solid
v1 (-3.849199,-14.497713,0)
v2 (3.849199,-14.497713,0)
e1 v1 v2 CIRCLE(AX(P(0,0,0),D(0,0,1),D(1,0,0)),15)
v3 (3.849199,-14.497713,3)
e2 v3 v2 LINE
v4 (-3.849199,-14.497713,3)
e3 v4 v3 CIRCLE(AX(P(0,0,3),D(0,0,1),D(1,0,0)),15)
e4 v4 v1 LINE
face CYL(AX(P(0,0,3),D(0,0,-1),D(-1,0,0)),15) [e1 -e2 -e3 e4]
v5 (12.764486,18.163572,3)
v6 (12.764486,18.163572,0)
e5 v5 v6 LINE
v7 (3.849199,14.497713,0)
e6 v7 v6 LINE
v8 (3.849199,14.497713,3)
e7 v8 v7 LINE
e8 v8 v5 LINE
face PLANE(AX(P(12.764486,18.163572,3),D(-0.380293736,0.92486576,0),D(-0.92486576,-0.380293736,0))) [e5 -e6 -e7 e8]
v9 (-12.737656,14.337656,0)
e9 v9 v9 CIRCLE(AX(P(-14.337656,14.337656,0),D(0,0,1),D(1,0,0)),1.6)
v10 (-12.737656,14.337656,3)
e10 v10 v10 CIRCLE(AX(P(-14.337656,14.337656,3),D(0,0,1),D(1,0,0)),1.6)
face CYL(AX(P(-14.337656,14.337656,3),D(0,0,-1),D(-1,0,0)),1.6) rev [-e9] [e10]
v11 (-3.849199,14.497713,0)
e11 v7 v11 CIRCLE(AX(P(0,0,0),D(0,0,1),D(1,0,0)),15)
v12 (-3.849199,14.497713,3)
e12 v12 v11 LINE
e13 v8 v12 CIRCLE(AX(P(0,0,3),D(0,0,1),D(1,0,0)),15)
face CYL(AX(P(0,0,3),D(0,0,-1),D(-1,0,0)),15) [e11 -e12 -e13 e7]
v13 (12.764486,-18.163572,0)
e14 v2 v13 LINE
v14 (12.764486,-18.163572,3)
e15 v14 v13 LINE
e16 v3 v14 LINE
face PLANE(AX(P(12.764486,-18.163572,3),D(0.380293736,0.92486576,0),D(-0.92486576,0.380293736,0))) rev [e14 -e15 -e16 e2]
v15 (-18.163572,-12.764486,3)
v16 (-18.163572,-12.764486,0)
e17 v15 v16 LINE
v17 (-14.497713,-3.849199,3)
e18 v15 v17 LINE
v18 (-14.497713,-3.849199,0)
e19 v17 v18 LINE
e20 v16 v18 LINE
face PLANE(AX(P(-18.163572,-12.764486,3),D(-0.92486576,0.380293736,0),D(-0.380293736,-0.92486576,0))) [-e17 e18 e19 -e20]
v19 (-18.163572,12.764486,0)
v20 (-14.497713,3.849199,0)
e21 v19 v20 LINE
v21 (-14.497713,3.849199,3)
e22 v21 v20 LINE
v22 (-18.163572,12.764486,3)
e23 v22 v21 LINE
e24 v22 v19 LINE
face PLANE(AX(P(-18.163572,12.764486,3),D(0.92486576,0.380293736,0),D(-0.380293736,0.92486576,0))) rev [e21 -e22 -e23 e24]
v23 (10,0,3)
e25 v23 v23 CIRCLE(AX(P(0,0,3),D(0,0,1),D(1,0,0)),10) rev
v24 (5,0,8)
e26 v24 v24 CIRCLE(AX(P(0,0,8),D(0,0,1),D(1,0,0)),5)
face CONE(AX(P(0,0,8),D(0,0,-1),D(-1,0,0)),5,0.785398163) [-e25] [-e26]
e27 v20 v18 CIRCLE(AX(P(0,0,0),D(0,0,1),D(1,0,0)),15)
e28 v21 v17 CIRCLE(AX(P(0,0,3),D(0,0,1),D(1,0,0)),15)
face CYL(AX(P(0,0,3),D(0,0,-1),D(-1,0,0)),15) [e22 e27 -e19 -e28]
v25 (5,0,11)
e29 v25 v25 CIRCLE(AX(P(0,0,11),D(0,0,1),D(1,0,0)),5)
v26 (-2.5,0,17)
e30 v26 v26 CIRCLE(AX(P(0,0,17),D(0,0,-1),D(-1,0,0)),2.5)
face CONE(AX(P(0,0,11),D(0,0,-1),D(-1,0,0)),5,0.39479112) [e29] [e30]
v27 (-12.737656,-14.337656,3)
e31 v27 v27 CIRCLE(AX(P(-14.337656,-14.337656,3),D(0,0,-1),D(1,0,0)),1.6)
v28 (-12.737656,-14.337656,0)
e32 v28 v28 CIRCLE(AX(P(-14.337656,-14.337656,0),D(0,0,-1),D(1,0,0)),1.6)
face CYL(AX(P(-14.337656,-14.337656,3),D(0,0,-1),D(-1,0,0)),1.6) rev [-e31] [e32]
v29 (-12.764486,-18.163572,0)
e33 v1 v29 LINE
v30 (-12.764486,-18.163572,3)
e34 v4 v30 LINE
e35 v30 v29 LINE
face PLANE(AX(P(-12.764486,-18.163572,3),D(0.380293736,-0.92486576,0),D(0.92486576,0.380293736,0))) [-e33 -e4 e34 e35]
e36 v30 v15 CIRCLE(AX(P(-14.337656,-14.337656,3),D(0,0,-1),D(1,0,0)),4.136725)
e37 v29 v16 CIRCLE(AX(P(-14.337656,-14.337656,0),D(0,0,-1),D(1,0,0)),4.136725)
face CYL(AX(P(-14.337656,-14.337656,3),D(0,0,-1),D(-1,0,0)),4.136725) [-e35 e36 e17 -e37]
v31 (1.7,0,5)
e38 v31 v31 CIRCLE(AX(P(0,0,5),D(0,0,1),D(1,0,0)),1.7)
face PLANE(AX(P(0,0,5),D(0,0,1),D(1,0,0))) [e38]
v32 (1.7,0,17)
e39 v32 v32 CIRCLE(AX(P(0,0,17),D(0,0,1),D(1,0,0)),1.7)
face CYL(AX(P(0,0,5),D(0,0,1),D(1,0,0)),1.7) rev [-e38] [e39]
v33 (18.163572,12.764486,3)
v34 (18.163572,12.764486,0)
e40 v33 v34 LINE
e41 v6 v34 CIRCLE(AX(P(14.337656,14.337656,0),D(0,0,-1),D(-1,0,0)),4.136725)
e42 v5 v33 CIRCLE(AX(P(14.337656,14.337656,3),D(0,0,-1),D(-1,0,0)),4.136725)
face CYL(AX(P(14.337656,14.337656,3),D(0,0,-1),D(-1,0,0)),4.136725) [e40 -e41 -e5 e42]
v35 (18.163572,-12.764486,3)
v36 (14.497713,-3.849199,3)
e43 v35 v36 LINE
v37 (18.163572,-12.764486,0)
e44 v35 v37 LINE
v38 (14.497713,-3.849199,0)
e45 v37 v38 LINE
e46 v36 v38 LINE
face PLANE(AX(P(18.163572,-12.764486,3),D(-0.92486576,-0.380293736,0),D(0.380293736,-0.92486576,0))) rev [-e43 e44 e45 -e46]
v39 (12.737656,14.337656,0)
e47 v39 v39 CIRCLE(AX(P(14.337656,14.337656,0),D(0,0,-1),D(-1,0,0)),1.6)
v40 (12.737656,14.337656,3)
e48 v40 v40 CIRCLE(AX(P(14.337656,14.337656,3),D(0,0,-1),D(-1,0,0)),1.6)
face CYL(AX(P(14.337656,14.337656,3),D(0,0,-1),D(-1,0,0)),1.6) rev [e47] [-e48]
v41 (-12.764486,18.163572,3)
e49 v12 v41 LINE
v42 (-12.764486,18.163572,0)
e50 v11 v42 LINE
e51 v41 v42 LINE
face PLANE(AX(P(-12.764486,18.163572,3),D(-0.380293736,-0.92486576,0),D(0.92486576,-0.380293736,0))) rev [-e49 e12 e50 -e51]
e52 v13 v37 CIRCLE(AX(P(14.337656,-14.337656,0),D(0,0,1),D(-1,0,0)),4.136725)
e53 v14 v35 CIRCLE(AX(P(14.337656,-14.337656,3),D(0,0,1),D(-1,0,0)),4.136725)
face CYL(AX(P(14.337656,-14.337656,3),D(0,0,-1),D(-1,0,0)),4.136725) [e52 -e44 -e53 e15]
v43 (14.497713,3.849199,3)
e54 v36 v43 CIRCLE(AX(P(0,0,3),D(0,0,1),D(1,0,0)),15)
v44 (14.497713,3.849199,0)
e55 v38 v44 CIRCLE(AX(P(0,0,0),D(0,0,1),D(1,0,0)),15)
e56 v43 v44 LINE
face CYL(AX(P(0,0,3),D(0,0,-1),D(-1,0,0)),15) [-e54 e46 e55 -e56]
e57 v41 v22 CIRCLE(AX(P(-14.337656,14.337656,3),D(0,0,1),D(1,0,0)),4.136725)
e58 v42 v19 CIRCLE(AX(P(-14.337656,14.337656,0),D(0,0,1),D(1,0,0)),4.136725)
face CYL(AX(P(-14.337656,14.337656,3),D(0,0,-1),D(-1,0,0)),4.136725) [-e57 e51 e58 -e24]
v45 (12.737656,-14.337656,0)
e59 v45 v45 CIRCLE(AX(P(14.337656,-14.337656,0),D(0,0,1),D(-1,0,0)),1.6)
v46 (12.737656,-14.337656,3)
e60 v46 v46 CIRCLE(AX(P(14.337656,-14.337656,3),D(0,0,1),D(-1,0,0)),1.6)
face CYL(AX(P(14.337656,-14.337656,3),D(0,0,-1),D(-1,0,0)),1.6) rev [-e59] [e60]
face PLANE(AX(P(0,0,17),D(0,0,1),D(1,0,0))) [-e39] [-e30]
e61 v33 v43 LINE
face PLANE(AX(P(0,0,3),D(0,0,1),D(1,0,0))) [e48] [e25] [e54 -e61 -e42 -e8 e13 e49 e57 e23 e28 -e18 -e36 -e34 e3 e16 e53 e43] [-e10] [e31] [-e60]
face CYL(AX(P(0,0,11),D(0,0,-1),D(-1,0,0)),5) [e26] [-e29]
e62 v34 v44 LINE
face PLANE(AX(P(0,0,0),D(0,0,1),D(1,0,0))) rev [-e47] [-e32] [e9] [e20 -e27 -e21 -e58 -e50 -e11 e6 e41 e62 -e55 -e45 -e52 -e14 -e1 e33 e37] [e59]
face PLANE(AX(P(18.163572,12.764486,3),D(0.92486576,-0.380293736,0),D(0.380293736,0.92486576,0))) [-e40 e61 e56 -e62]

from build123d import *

# Parameters (mm, degrees)
SKETCH1_R               = 15
BOSS_EXTRUDE1_DEPTH     = 3
BOSS_EXTRUDE2_START     = -1.5
SKETCH2_R               = 1.6
BOSS_EXTRUDE2_DEPTH     = 1.5
MIRROR2_START           = -1.5
MIRROR2_COPY_1_SKETCH_R = 1.6
MIRROR2_COPY_1_DEPTH    = 1.5
SKETCH3_R               = 5
BOSS_EXTRUDE3_DEPTH     = 8
CHAMFER1_SIZE           = 5
SKETCH5_R               = 1.7
CUT_EXTRUDE1_DEPTH      = 12


with BuildPart() as part:
    # Sketch1 → Boss-Extrude1 (new body)
    with BuildSketch(Plane.XY):
        Circle(SKETCH1_R)
    extrude(amount=BOSS_EXTRUDE1_DEPTH)

    # Sketch2 → Boss-Extrude2 (add, symmetric)
    with BuildSketch(Plane.XY.offset(3).offset(BOSS_EXTRUDE2_START)):
        with BuildLine():
            Line((-18.163571809, 12.764485711), (-14.497712513, 3.849198865))
            ThreePointArc((-14.497712513, 3.849198865), (-10.606601718, 10.606601718), (-3.849198865, 14.497712513))
            Line((-3.849198865, 14.497712513), (-12.764485711, 18.163571809))
            ThreePointArc((-12.764485711, 18.163571809), (-17.262762767, 17.262762767), (-18.163571809, 12.764485711))
        make_face()
        with Locations((-14.33765637, 14.33765637)):
            Circle(SKETCH2_R, mode=Mode.SUBTRACT)
    boss_extrude2 = extrude(amount=BOSS_EXTRUDE2_DEPTH, both=True)

    # Mirror1: Boss-Extrude2 across plane
    add(boss_extrude2.mirror(Plane(origin=(0, 0, 0), x_dir=(0, 0, 1), z_dir=(1, 0, 0))))

    # Mirror2: Boss-Extrude2 across plane
    add(boss_extrude2.mirror(Plane.ZX))

    # Mirror2 copy 1 sketch → Mirror2 copy 1 (add, symmetric)
    with BuildSketch(Plane(origin=(0, 0, 3), x_dir=(-1, 0, 0), z_dir=(0, 0, 1)).offset(MIRROR2_START)):
        with BuildLine():
            Line((-18.163571809, 12.764485711), (-14.497712513, 3.849198865))
            ThreePointArc((-14.497712513, 3.849198865), (-10.606601718, 10.606601718), (-3.849198865, 14.497712513))
            Line((-3.849198865, 14.497712513), (-12.764485711, 18.163571809))
            ThreePointArc((-12.764485711, 18.163571809), (-17.262762767, 17.262762767), (-18.163571809, 12.764485711))
        make_face()
        with Locations((-14.33765637, 14.33765637)):
            Circle(MIRROR2_COPY_1_SKETCH_R, mode=Mode.SUBTRACT)
    extrude(amount=MIRROR2_COPY_1_DEPTH, both=True)

    # Sketch3 → Boss-Extrude3 (add)
    with BuildSketch(Plane.XY.offset(3)):
        Circle(SKETCH3_R)
    extrude(amount=BOSS_EXTRUDE3_DEPTH)

    # Sketch4 → Revolve1 (revolve)
    with BuildSketch(Plane(origin=(0, 0, 0), x_dir=(1, 0, 0), z_dir=(0, 1, 0))):
        Polygon((0, -11), (-5, -11), (-2.5, -17), (0, -17), align=None)
    revolve(axis=Axis((0, 0, 11), (0, 0, 1)))

    # Chamfer1
    chamfer1_edges = [part.edges().sort_by_distance(p)[0] for p in [
        (-5, 0, 3),
    ]]
    chamfer(chamfer1_edges, length=CHAMFER1_SIZE)

    # Sketch5 → Cut-Extrude1 (cut)
    with BuildSketch(Plane.XY.offset(17)):
        Circle(SKETCH5_R)
    extrude(amount=-CUT_EXTRUDE1_DEPTH, mode=Mode.SUBTRACT)


solid = part.part
